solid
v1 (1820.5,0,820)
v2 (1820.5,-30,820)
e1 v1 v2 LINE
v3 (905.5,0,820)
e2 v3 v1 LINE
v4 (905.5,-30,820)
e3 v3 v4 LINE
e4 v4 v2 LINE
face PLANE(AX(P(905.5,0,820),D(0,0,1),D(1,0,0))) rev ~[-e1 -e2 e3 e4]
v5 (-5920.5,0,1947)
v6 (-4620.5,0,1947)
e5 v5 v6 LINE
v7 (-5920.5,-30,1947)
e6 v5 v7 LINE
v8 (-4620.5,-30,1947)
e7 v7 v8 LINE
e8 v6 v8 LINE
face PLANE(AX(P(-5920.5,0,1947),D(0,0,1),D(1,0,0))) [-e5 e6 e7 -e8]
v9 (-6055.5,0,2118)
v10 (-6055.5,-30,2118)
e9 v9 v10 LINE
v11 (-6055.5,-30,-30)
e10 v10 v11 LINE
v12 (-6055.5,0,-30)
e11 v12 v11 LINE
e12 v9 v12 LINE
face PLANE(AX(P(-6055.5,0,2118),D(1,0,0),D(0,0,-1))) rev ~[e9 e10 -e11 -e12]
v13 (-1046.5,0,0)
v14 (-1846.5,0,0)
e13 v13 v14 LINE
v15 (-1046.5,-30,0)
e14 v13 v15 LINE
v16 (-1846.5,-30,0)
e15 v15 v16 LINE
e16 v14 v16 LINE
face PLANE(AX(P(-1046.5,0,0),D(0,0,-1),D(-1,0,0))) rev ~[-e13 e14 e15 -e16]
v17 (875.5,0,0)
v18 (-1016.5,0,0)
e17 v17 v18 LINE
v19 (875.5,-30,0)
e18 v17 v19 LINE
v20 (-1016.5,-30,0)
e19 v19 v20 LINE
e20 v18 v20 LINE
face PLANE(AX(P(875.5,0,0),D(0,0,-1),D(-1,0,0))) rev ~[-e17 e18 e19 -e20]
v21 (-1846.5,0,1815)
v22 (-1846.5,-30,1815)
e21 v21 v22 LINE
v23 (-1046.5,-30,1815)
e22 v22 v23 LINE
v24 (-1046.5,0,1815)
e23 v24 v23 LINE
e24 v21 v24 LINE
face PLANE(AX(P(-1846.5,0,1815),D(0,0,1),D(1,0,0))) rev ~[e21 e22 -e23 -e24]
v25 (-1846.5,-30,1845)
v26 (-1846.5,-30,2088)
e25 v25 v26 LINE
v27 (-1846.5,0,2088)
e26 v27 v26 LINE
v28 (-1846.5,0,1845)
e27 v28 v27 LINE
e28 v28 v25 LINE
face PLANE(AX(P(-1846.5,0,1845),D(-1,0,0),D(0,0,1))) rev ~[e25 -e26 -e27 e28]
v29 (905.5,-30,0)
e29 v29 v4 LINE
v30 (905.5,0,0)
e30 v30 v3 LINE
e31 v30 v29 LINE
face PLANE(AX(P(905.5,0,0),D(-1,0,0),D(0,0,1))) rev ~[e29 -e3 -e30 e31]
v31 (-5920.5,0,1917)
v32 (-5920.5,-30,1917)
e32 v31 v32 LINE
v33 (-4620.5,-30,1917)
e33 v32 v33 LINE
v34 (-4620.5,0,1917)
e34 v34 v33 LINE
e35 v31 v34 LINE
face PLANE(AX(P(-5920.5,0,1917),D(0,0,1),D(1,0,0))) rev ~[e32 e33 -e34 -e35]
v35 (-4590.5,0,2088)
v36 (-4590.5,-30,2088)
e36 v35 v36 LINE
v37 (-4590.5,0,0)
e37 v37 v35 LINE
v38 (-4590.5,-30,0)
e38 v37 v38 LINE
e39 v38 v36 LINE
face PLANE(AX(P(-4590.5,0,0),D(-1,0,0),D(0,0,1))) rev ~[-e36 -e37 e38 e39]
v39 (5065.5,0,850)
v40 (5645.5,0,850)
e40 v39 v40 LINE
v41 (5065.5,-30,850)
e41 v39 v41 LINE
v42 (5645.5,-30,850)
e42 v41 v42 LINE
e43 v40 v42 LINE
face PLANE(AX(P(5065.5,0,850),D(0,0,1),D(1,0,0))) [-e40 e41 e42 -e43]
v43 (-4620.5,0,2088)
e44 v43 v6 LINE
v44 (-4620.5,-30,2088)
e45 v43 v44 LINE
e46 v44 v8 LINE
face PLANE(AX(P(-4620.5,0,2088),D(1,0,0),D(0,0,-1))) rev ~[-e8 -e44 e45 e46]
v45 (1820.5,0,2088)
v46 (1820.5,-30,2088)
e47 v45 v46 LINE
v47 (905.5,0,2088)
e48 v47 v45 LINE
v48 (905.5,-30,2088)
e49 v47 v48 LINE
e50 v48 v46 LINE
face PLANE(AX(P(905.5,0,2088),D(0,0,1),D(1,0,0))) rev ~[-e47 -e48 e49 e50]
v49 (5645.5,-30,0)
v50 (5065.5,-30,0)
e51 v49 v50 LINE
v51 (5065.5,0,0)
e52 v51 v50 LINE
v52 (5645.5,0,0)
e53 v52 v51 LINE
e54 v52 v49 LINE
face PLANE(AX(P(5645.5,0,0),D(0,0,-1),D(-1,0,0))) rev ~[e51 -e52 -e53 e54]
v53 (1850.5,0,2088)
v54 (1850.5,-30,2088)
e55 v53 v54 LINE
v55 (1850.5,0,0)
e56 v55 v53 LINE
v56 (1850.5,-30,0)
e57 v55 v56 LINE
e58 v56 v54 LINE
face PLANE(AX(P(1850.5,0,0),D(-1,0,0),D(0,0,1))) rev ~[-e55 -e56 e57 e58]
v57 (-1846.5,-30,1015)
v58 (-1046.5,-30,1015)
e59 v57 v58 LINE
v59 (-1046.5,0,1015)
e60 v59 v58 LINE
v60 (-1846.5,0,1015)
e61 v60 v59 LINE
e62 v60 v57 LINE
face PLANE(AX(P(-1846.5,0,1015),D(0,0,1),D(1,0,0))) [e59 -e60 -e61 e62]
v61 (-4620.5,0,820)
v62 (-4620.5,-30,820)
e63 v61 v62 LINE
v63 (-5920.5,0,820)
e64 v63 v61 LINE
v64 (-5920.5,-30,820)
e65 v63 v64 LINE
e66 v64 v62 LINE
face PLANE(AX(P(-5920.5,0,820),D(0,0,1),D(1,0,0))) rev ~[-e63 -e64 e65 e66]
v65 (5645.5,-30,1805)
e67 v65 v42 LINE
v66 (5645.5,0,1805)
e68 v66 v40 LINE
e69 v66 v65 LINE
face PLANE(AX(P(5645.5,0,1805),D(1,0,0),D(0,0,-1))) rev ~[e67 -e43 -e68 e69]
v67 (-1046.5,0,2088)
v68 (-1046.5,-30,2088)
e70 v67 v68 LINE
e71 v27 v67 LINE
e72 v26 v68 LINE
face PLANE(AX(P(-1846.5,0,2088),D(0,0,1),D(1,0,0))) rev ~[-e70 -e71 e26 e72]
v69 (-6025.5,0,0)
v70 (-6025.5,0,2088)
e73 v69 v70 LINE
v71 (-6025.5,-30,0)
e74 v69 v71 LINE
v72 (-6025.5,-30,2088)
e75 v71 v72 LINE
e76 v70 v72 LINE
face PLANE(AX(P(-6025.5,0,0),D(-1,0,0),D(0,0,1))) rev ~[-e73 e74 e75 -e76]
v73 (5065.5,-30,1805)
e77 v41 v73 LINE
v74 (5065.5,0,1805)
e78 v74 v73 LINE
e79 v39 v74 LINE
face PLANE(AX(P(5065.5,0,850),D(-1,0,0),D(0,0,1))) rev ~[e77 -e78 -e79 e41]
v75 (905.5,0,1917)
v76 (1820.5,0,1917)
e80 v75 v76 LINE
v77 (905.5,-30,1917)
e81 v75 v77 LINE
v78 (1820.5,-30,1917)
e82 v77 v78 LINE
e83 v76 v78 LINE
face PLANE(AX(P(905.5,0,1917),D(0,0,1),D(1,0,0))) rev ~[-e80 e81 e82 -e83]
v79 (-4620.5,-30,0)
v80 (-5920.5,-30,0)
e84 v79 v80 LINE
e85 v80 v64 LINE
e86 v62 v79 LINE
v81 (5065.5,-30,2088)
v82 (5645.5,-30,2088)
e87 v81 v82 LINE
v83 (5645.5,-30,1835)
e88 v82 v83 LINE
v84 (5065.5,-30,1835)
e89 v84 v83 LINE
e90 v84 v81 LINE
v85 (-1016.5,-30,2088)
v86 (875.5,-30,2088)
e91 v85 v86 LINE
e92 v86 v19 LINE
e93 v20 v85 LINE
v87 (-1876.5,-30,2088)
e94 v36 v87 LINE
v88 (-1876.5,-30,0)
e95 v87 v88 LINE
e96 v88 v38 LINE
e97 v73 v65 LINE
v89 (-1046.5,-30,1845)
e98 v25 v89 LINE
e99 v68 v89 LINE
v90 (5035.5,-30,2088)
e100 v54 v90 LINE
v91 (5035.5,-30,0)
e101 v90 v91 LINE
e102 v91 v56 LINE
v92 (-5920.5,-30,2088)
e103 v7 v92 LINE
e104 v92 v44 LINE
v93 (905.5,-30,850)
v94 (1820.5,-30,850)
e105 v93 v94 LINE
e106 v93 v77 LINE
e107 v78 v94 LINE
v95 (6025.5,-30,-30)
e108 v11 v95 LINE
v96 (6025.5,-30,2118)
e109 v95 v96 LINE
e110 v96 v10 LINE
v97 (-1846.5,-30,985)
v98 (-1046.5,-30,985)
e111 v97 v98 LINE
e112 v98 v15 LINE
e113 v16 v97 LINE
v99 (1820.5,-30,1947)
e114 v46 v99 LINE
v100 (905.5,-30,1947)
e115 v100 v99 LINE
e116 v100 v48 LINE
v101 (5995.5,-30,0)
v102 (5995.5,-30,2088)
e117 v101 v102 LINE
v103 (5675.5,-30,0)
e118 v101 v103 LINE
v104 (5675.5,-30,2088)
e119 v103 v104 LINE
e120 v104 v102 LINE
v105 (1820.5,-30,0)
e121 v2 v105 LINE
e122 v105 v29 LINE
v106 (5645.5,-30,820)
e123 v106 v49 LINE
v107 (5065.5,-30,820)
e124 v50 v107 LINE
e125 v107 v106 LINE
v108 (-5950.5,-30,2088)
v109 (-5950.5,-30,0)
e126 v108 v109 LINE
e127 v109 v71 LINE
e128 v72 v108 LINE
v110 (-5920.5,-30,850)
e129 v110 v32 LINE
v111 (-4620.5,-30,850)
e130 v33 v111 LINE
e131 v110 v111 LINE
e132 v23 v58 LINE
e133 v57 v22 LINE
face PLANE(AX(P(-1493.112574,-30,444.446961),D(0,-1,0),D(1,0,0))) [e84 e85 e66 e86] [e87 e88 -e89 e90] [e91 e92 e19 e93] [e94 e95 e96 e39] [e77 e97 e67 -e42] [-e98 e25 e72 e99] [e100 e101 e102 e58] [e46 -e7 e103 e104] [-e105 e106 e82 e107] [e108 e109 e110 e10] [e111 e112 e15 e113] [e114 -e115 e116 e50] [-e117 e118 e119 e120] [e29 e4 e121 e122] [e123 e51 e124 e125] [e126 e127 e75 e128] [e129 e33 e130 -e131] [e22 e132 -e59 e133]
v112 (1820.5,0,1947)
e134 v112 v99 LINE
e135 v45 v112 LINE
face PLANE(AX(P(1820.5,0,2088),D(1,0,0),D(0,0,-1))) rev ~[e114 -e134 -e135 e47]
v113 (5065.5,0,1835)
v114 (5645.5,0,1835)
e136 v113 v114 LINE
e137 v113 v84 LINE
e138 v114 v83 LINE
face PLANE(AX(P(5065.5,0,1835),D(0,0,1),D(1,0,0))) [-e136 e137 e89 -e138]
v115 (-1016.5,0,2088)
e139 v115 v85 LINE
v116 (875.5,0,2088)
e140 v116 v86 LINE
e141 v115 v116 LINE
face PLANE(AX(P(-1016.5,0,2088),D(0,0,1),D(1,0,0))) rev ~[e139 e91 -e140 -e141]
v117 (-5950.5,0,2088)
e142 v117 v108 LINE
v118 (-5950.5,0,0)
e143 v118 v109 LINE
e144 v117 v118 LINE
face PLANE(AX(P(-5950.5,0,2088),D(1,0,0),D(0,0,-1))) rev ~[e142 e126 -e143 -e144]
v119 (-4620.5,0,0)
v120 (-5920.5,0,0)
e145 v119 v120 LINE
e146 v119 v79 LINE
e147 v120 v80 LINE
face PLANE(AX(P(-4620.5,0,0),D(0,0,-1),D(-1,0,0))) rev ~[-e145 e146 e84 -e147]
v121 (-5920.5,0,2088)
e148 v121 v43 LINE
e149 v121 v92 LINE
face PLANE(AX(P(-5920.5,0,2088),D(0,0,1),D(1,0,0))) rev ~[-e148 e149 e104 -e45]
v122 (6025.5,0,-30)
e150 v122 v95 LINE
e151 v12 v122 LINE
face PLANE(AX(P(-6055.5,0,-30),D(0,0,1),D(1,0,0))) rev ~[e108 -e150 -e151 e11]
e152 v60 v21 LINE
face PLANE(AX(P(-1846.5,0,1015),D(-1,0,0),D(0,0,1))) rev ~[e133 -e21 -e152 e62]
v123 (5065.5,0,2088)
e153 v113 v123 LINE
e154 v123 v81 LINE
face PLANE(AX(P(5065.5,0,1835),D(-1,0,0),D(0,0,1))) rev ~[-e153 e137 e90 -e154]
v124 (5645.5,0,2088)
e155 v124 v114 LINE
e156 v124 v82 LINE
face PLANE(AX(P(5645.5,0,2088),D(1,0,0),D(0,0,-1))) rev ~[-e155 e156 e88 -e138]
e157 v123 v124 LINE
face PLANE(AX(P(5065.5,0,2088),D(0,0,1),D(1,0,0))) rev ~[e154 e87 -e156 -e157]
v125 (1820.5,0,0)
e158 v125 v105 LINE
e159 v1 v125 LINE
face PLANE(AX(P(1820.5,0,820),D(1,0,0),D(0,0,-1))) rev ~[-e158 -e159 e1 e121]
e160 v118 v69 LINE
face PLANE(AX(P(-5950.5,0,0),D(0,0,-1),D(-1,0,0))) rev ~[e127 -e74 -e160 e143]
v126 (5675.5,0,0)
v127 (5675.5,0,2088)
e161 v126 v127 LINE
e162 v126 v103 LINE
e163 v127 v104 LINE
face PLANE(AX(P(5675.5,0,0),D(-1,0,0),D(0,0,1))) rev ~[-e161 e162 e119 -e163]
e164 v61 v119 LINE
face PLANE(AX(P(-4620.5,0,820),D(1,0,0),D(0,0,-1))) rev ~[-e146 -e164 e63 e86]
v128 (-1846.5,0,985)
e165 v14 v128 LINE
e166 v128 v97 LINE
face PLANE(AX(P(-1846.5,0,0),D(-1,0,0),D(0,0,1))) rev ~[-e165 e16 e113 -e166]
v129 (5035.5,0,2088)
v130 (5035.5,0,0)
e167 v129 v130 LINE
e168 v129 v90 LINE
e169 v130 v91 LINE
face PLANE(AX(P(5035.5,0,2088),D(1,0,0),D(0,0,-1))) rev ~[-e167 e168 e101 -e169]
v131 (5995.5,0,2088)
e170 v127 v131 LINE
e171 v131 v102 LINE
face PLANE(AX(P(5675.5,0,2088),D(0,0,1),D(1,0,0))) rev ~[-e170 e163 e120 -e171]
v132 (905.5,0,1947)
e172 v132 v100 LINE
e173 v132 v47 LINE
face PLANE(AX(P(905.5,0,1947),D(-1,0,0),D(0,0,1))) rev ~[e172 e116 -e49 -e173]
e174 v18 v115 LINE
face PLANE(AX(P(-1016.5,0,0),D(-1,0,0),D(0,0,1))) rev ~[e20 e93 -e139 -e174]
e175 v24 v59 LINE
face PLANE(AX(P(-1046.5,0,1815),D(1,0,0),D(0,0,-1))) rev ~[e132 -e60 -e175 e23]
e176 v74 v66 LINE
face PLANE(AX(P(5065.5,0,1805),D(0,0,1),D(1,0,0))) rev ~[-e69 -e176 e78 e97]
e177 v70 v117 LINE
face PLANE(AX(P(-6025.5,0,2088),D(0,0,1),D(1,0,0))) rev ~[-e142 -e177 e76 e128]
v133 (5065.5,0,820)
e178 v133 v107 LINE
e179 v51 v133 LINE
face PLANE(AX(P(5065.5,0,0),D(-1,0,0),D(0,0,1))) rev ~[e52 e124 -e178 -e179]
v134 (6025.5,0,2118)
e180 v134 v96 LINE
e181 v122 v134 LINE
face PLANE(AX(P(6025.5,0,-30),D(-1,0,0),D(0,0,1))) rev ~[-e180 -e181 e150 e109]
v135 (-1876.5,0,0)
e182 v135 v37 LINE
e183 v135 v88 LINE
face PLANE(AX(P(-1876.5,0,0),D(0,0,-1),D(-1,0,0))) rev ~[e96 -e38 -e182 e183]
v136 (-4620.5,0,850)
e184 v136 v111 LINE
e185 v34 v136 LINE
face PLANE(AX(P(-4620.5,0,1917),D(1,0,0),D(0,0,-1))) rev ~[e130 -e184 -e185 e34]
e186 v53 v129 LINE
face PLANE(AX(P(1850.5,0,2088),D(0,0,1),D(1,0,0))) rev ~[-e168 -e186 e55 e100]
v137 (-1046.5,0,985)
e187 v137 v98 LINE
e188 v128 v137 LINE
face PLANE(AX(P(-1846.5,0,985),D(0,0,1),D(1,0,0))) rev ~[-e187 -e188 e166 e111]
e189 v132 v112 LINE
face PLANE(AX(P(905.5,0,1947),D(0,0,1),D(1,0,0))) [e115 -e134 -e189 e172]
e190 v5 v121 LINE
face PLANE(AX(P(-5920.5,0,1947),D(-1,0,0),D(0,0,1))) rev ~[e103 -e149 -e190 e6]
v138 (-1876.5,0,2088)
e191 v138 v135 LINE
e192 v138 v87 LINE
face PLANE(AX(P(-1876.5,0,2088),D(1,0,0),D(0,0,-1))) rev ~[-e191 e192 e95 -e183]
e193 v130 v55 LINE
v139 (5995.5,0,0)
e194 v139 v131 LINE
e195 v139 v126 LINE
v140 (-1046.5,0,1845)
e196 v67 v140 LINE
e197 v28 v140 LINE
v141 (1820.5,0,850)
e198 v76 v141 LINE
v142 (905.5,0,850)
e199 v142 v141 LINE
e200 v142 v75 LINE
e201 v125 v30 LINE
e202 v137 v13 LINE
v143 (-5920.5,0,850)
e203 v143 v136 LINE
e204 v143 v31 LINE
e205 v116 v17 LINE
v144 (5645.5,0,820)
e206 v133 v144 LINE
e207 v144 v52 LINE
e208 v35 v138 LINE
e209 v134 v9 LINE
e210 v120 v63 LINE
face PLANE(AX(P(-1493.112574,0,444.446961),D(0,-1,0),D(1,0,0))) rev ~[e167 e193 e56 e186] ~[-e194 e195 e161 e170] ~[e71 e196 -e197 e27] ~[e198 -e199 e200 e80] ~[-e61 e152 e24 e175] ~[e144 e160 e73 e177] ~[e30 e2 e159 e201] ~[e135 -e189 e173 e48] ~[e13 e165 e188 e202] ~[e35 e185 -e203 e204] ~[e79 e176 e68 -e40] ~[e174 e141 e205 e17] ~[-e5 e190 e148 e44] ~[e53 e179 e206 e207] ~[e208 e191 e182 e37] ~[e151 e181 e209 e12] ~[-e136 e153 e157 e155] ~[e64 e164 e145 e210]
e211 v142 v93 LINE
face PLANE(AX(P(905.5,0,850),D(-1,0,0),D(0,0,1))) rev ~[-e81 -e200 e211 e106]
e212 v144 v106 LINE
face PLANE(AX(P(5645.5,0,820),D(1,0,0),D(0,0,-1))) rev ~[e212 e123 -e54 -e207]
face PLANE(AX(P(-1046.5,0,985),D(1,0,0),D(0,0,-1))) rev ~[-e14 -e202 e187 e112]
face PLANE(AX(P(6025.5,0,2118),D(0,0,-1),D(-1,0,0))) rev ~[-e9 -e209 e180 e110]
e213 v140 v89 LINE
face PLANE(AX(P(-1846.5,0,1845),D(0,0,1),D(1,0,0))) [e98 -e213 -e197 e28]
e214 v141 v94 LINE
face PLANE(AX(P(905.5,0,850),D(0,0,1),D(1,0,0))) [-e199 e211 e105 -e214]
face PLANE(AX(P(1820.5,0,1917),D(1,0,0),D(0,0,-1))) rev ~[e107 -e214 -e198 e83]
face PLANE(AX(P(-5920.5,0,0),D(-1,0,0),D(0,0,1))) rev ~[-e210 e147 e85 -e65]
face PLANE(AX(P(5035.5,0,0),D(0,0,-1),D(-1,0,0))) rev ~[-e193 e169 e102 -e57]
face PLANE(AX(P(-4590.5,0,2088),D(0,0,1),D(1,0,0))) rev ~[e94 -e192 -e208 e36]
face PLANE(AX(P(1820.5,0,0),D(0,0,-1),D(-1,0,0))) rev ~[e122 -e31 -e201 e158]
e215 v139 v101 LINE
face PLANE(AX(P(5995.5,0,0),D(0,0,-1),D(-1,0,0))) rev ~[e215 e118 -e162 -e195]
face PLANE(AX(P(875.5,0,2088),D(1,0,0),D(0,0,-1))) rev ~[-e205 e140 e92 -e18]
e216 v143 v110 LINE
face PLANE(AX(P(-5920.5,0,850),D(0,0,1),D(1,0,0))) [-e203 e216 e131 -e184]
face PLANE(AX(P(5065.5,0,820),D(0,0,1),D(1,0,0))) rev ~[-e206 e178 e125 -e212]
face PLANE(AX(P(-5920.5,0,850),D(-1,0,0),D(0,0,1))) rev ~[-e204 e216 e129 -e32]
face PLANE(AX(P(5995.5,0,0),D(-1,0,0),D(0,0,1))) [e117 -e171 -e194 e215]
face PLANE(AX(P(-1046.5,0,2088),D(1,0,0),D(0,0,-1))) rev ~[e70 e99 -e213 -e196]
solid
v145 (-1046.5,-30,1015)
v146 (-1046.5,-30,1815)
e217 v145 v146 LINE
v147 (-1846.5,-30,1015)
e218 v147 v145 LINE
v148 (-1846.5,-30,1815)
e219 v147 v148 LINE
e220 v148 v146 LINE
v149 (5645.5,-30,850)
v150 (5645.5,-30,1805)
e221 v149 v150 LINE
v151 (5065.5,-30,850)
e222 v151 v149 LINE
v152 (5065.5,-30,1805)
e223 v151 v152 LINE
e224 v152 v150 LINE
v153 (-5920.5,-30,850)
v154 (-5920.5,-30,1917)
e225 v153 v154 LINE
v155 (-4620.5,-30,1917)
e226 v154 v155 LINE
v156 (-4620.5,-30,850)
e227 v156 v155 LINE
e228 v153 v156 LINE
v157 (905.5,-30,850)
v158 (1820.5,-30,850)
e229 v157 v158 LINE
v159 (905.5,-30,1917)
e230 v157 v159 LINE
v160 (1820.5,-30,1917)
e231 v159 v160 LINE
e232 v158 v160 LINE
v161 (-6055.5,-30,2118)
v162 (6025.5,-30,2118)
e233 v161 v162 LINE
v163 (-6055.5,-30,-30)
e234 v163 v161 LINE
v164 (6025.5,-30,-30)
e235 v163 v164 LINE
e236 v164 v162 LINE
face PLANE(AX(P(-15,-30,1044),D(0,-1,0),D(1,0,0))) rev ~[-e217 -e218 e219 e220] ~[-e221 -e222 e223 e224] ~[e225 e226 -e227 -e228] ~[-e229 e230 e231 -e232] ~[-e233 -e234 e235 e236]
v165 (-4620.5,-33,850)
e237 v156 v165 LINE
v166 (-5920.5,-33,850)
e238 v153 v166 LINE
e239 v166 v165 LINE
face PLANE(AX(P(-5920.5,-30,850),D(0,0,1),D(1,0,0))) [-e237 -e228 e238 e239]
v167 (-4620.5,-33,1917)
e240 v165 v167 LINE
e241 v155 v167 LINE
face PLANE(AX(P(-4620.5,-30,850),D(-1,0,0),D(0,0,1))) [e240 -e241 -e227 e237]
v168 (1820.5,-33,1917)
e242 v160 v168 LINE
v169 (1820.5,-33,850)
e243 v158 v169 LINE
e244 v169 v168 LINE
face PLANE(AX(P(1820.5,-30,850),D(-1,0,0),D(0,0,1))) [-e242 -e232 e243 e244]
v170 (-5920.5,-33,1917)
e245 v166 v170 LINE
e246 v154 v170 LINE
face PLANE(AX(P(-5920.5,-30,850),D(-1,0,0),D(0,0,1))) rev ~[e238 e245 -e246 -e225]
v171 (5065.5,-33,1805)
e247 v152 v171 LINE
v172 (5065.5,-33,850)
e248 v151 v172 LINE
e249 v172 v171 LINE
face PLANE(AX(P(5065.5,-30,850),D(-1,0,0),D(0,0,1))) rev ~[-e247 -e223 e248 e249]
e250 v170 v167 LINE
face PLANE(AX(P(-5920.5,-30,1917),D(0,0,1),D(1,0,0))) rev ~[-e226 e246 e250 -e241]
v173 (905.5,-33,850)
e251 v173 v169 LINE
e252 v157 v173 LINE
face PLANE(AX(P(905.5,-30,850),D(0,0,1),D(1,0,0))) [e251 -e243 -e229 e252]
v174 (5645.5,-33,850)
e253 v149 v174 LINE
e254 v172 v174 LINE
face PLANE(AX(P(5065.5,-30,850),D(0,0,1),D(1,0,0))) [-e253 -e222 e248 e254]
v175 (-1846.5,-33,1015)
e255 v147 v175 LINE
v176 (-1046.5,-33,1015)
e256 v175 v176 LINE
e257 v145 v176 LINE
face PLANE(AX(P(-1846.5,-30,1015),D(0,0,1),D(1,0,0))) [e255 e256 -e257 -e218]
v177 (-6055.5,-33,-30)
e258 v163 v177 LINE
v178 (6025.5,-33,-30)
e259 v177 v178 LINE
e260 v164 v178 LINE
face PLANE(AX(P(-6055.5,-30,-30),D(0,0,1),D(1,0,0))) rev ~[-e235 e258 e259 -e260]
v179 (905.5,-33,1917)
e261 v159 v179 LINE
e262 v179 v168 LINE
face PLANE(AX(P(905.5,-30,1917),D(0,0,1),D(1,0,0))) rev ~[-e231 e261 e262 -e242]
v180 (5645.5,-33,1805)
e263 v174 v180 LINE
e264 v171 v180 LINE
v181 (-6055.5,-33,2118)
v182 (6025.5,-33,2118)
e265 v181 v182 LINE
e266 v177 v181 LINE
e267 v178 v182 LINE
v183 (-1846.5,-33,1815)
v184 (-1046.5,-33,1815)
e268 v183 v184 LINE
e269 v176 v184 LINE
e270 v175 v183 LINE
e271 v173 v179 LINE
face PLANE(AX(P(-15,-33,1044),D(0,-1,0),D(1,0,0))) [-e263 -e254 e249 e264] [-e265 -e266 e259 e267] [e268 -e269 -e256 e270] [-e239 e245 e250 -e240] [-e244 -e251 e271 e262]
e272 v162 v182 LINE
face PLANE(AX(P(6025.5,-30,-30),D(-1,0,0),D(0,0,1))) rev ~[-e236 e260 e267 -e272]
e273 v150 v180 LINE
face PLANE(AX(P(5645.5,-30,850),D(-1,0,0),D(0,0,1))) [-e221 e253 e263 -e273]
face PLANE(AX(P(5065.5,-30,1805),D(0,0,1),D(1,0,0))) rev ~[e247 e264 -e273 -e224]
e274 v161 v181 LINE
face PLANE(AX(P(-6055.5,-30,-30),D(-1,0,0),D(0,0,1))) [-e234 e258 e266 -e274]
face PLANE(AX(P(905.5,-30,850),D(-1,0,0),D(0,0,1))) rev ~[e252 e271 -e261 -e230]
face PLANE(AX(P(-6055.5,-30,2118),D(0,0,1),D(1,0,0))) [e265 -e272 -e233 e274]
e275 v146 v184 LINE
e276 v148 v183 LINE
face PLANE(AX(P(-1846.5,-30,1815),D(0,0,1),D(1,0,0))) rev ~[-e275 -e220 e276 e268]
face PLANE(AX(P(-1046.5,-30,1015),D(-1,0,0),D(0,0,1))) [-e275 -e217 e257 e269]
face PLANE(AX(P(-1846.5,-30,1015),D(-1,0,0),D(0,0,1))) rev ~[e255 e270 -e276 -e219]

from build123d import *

# Parameters (mm, degrees)
F0_W     = 30
F0_H     = 2088
F0_W_2   = 1300
F0_H_2   = 30
F0_W_3   = 800
F0_W_4   = 915
F0_W_5   = 580
F1_DEPTH = 30
F2_W     = 12081
F2_H     = 2148
F2_W_2   = 1300
F2_H_2   = 1067
F2_W_3   = 800
F2_H_3   = 800
F2_W_4   = 915
F2_W_5   = 580
F2_H_4   = 955
F3_DEPTH = 3


with BuildPart() as f1:
    # F0 (on Front) → F1 (new body)
    with BuildSketch(Plane.XZ):
        Polygon((875.5, 0), (0, 0), (-1016.5, 0), (-1046.5, 0), (-1846.5, 0), (-1876.5, 0), (-4590.5, 0), (-4620.5, 0), (-5920.5, 0), (-5950.5, 0), (-6025.5, 0), (-6025.5, 2088), (-5950.5, 2088), (-5920.5, 2088), (-4620.5, 2088), (-4590.5, 2088), (-3474.5, 2088), (-3474.5, 2118), (-6055.5, 2118), (-6055.5, -30), (6025.5, -30), (6025.5, 0), (5995.5, 0), (5675.5, 0), (5645.5, 0), (5065.5, 0), (5035.5, 0), (1850.5, 0), (1820.5, 0), (905.5, 0), align=None)
        Polygon((-1046.5, 2088), (-1016.5, 2088), (875.5, 2088), (905.5, 2088), (1575.5, 2088), (1575.5, 2118), (-3474.5, 2118), (-3474.5, 2088), (-1876.5, 2088), (-1846.5, 2088), align=None)
        Polygon((1575.5, 2118), (1575.5, 2088), (1820.5, 2088), (1850.5, 2088), (5035.5, 2088), (5065.5, 2088), (5645.5, 2088), (5675.5, 2088), (5995.5, 2088), (6025.5, 2088), (6025.5, 2118), align=None)
        with Locations((6010.5, 1044)):
            Rectangle(F0_W, F0_H)
        with Locations((-5270.5, 1932)):
            Rectangle(F0_W_2, F0_H_2)
        Polygon((-4620.5, 0), (-4590.5, 0), (-4590.5, 2088), (-4620.5, 2088), (-4620.5, 1947), (-4620.5, 1917), (-4620.5, 850), (-4620.5, 820), align=None)
        with Locations((-5270.5, 835)):
            Rectangle(F0_W_2, F0_H_2)
        Polygon((-5950.5, 0), (-5920.5, 0), (-5920.5, 820), (-5920.5, 850), (-5920.5, 1917), (-5920.5, 1947), (-5920.5, 2088), (-5950.5, 2088), align=None)
        Polygon((-1876.5, 0), (-1846.5, 0), (-1846.5, 985), (-1846.5, 1015), (-1846.5, 1815), (-1846.5, 1845), (-1846.5, 2088), (-1876.5, 2088), align=None)
        with Locations((-1446.5, 1830)):
            Rectangle(F0_W_3, F0_H_2)
        with Locations((-1446.5, 1000)):
            Rectangle(F0_W_3, F0_H_2)
        Polygon((-1046.5, 0), (-1016.5, 0), (-1016.5, 2088), (-1046.5, 2088), (-1046.5, 1845), (-1046.5, 1815), (-1046.5, 1015), (-1046.5, 985), align=None)
        Polygon((875.5, 2088), (875.5, 0), (905.5, 0), (905.5, 820), (905.5, 850), (905.5, 1917), (905.5, 1947), (905.5, 2088), align=None)
        with Locations((1363, 1932)):
            Rectangle(F0_W_4, F0_H_2)
        with Locations((1363, 835)):
            Rectangle(F0_W_4, F0_H_2)
        Polygon((1820.5, 820), (1820.5, 0), (1850.5, 0), (1850.5, 2088), (1820.5, 2088), (1820.5, 1947), (1820.5, 1917), (1820.5, 850), align=None)
        Polygon((5035.5, 2088), (5035.5, 0), (5065.5, 0), (5065.5, 820), (5065.5, 850), (5065.5, 1805), (5065.5, 1835), (5065.5, 2088), align=None)
        with Locations((5355.5, 1820)):
            Rectangle(F0_W_5, F0_H_2)
        with Locations((5355.5, 835)):
            Rectangle(F0_W_5, F0_H_2)
        Polygon((5645.5, 820), (5645.5, 0), (5675.5, 0), (5675.5, 2088), (5645.5, 2088), (5645.5, 1835), (5645.5, 1805), (5645.5, 850), align=None)
    extrude(amount=F1_DEPTH)


with BuildPart() as f3:
    # F2 (on face) → F3 (new body)
    with BuildSketch(Plane.XZ.offset(30)):
        with Locations((-15, 1044)):
            Rectangle(F2_W, F2_H)
        with Locations((-5270.5, 1383.5)):
            Rectangle(F2_W_2, F2_H_2, mode=Mode.SUBTRACT)
        with Locations((-1446.5, 1415)):
            Rectangle(F2_W_3, F2_H_3, mode=Mode.SUBTRACT)
        with Locations((1363, 1383.5)):
            Rectangle(F2_W_4, F2_H_2, mode=Mode.SUBTRACT)
        with Locations((5355.5, 1327.5)):
            Rectangle(F2_W_5, F2_H_4, mode=Mode.SUBTRACT)
    extrude(amount=F3_DEPTH)


solid = Compound([f1.part, f3.part])
